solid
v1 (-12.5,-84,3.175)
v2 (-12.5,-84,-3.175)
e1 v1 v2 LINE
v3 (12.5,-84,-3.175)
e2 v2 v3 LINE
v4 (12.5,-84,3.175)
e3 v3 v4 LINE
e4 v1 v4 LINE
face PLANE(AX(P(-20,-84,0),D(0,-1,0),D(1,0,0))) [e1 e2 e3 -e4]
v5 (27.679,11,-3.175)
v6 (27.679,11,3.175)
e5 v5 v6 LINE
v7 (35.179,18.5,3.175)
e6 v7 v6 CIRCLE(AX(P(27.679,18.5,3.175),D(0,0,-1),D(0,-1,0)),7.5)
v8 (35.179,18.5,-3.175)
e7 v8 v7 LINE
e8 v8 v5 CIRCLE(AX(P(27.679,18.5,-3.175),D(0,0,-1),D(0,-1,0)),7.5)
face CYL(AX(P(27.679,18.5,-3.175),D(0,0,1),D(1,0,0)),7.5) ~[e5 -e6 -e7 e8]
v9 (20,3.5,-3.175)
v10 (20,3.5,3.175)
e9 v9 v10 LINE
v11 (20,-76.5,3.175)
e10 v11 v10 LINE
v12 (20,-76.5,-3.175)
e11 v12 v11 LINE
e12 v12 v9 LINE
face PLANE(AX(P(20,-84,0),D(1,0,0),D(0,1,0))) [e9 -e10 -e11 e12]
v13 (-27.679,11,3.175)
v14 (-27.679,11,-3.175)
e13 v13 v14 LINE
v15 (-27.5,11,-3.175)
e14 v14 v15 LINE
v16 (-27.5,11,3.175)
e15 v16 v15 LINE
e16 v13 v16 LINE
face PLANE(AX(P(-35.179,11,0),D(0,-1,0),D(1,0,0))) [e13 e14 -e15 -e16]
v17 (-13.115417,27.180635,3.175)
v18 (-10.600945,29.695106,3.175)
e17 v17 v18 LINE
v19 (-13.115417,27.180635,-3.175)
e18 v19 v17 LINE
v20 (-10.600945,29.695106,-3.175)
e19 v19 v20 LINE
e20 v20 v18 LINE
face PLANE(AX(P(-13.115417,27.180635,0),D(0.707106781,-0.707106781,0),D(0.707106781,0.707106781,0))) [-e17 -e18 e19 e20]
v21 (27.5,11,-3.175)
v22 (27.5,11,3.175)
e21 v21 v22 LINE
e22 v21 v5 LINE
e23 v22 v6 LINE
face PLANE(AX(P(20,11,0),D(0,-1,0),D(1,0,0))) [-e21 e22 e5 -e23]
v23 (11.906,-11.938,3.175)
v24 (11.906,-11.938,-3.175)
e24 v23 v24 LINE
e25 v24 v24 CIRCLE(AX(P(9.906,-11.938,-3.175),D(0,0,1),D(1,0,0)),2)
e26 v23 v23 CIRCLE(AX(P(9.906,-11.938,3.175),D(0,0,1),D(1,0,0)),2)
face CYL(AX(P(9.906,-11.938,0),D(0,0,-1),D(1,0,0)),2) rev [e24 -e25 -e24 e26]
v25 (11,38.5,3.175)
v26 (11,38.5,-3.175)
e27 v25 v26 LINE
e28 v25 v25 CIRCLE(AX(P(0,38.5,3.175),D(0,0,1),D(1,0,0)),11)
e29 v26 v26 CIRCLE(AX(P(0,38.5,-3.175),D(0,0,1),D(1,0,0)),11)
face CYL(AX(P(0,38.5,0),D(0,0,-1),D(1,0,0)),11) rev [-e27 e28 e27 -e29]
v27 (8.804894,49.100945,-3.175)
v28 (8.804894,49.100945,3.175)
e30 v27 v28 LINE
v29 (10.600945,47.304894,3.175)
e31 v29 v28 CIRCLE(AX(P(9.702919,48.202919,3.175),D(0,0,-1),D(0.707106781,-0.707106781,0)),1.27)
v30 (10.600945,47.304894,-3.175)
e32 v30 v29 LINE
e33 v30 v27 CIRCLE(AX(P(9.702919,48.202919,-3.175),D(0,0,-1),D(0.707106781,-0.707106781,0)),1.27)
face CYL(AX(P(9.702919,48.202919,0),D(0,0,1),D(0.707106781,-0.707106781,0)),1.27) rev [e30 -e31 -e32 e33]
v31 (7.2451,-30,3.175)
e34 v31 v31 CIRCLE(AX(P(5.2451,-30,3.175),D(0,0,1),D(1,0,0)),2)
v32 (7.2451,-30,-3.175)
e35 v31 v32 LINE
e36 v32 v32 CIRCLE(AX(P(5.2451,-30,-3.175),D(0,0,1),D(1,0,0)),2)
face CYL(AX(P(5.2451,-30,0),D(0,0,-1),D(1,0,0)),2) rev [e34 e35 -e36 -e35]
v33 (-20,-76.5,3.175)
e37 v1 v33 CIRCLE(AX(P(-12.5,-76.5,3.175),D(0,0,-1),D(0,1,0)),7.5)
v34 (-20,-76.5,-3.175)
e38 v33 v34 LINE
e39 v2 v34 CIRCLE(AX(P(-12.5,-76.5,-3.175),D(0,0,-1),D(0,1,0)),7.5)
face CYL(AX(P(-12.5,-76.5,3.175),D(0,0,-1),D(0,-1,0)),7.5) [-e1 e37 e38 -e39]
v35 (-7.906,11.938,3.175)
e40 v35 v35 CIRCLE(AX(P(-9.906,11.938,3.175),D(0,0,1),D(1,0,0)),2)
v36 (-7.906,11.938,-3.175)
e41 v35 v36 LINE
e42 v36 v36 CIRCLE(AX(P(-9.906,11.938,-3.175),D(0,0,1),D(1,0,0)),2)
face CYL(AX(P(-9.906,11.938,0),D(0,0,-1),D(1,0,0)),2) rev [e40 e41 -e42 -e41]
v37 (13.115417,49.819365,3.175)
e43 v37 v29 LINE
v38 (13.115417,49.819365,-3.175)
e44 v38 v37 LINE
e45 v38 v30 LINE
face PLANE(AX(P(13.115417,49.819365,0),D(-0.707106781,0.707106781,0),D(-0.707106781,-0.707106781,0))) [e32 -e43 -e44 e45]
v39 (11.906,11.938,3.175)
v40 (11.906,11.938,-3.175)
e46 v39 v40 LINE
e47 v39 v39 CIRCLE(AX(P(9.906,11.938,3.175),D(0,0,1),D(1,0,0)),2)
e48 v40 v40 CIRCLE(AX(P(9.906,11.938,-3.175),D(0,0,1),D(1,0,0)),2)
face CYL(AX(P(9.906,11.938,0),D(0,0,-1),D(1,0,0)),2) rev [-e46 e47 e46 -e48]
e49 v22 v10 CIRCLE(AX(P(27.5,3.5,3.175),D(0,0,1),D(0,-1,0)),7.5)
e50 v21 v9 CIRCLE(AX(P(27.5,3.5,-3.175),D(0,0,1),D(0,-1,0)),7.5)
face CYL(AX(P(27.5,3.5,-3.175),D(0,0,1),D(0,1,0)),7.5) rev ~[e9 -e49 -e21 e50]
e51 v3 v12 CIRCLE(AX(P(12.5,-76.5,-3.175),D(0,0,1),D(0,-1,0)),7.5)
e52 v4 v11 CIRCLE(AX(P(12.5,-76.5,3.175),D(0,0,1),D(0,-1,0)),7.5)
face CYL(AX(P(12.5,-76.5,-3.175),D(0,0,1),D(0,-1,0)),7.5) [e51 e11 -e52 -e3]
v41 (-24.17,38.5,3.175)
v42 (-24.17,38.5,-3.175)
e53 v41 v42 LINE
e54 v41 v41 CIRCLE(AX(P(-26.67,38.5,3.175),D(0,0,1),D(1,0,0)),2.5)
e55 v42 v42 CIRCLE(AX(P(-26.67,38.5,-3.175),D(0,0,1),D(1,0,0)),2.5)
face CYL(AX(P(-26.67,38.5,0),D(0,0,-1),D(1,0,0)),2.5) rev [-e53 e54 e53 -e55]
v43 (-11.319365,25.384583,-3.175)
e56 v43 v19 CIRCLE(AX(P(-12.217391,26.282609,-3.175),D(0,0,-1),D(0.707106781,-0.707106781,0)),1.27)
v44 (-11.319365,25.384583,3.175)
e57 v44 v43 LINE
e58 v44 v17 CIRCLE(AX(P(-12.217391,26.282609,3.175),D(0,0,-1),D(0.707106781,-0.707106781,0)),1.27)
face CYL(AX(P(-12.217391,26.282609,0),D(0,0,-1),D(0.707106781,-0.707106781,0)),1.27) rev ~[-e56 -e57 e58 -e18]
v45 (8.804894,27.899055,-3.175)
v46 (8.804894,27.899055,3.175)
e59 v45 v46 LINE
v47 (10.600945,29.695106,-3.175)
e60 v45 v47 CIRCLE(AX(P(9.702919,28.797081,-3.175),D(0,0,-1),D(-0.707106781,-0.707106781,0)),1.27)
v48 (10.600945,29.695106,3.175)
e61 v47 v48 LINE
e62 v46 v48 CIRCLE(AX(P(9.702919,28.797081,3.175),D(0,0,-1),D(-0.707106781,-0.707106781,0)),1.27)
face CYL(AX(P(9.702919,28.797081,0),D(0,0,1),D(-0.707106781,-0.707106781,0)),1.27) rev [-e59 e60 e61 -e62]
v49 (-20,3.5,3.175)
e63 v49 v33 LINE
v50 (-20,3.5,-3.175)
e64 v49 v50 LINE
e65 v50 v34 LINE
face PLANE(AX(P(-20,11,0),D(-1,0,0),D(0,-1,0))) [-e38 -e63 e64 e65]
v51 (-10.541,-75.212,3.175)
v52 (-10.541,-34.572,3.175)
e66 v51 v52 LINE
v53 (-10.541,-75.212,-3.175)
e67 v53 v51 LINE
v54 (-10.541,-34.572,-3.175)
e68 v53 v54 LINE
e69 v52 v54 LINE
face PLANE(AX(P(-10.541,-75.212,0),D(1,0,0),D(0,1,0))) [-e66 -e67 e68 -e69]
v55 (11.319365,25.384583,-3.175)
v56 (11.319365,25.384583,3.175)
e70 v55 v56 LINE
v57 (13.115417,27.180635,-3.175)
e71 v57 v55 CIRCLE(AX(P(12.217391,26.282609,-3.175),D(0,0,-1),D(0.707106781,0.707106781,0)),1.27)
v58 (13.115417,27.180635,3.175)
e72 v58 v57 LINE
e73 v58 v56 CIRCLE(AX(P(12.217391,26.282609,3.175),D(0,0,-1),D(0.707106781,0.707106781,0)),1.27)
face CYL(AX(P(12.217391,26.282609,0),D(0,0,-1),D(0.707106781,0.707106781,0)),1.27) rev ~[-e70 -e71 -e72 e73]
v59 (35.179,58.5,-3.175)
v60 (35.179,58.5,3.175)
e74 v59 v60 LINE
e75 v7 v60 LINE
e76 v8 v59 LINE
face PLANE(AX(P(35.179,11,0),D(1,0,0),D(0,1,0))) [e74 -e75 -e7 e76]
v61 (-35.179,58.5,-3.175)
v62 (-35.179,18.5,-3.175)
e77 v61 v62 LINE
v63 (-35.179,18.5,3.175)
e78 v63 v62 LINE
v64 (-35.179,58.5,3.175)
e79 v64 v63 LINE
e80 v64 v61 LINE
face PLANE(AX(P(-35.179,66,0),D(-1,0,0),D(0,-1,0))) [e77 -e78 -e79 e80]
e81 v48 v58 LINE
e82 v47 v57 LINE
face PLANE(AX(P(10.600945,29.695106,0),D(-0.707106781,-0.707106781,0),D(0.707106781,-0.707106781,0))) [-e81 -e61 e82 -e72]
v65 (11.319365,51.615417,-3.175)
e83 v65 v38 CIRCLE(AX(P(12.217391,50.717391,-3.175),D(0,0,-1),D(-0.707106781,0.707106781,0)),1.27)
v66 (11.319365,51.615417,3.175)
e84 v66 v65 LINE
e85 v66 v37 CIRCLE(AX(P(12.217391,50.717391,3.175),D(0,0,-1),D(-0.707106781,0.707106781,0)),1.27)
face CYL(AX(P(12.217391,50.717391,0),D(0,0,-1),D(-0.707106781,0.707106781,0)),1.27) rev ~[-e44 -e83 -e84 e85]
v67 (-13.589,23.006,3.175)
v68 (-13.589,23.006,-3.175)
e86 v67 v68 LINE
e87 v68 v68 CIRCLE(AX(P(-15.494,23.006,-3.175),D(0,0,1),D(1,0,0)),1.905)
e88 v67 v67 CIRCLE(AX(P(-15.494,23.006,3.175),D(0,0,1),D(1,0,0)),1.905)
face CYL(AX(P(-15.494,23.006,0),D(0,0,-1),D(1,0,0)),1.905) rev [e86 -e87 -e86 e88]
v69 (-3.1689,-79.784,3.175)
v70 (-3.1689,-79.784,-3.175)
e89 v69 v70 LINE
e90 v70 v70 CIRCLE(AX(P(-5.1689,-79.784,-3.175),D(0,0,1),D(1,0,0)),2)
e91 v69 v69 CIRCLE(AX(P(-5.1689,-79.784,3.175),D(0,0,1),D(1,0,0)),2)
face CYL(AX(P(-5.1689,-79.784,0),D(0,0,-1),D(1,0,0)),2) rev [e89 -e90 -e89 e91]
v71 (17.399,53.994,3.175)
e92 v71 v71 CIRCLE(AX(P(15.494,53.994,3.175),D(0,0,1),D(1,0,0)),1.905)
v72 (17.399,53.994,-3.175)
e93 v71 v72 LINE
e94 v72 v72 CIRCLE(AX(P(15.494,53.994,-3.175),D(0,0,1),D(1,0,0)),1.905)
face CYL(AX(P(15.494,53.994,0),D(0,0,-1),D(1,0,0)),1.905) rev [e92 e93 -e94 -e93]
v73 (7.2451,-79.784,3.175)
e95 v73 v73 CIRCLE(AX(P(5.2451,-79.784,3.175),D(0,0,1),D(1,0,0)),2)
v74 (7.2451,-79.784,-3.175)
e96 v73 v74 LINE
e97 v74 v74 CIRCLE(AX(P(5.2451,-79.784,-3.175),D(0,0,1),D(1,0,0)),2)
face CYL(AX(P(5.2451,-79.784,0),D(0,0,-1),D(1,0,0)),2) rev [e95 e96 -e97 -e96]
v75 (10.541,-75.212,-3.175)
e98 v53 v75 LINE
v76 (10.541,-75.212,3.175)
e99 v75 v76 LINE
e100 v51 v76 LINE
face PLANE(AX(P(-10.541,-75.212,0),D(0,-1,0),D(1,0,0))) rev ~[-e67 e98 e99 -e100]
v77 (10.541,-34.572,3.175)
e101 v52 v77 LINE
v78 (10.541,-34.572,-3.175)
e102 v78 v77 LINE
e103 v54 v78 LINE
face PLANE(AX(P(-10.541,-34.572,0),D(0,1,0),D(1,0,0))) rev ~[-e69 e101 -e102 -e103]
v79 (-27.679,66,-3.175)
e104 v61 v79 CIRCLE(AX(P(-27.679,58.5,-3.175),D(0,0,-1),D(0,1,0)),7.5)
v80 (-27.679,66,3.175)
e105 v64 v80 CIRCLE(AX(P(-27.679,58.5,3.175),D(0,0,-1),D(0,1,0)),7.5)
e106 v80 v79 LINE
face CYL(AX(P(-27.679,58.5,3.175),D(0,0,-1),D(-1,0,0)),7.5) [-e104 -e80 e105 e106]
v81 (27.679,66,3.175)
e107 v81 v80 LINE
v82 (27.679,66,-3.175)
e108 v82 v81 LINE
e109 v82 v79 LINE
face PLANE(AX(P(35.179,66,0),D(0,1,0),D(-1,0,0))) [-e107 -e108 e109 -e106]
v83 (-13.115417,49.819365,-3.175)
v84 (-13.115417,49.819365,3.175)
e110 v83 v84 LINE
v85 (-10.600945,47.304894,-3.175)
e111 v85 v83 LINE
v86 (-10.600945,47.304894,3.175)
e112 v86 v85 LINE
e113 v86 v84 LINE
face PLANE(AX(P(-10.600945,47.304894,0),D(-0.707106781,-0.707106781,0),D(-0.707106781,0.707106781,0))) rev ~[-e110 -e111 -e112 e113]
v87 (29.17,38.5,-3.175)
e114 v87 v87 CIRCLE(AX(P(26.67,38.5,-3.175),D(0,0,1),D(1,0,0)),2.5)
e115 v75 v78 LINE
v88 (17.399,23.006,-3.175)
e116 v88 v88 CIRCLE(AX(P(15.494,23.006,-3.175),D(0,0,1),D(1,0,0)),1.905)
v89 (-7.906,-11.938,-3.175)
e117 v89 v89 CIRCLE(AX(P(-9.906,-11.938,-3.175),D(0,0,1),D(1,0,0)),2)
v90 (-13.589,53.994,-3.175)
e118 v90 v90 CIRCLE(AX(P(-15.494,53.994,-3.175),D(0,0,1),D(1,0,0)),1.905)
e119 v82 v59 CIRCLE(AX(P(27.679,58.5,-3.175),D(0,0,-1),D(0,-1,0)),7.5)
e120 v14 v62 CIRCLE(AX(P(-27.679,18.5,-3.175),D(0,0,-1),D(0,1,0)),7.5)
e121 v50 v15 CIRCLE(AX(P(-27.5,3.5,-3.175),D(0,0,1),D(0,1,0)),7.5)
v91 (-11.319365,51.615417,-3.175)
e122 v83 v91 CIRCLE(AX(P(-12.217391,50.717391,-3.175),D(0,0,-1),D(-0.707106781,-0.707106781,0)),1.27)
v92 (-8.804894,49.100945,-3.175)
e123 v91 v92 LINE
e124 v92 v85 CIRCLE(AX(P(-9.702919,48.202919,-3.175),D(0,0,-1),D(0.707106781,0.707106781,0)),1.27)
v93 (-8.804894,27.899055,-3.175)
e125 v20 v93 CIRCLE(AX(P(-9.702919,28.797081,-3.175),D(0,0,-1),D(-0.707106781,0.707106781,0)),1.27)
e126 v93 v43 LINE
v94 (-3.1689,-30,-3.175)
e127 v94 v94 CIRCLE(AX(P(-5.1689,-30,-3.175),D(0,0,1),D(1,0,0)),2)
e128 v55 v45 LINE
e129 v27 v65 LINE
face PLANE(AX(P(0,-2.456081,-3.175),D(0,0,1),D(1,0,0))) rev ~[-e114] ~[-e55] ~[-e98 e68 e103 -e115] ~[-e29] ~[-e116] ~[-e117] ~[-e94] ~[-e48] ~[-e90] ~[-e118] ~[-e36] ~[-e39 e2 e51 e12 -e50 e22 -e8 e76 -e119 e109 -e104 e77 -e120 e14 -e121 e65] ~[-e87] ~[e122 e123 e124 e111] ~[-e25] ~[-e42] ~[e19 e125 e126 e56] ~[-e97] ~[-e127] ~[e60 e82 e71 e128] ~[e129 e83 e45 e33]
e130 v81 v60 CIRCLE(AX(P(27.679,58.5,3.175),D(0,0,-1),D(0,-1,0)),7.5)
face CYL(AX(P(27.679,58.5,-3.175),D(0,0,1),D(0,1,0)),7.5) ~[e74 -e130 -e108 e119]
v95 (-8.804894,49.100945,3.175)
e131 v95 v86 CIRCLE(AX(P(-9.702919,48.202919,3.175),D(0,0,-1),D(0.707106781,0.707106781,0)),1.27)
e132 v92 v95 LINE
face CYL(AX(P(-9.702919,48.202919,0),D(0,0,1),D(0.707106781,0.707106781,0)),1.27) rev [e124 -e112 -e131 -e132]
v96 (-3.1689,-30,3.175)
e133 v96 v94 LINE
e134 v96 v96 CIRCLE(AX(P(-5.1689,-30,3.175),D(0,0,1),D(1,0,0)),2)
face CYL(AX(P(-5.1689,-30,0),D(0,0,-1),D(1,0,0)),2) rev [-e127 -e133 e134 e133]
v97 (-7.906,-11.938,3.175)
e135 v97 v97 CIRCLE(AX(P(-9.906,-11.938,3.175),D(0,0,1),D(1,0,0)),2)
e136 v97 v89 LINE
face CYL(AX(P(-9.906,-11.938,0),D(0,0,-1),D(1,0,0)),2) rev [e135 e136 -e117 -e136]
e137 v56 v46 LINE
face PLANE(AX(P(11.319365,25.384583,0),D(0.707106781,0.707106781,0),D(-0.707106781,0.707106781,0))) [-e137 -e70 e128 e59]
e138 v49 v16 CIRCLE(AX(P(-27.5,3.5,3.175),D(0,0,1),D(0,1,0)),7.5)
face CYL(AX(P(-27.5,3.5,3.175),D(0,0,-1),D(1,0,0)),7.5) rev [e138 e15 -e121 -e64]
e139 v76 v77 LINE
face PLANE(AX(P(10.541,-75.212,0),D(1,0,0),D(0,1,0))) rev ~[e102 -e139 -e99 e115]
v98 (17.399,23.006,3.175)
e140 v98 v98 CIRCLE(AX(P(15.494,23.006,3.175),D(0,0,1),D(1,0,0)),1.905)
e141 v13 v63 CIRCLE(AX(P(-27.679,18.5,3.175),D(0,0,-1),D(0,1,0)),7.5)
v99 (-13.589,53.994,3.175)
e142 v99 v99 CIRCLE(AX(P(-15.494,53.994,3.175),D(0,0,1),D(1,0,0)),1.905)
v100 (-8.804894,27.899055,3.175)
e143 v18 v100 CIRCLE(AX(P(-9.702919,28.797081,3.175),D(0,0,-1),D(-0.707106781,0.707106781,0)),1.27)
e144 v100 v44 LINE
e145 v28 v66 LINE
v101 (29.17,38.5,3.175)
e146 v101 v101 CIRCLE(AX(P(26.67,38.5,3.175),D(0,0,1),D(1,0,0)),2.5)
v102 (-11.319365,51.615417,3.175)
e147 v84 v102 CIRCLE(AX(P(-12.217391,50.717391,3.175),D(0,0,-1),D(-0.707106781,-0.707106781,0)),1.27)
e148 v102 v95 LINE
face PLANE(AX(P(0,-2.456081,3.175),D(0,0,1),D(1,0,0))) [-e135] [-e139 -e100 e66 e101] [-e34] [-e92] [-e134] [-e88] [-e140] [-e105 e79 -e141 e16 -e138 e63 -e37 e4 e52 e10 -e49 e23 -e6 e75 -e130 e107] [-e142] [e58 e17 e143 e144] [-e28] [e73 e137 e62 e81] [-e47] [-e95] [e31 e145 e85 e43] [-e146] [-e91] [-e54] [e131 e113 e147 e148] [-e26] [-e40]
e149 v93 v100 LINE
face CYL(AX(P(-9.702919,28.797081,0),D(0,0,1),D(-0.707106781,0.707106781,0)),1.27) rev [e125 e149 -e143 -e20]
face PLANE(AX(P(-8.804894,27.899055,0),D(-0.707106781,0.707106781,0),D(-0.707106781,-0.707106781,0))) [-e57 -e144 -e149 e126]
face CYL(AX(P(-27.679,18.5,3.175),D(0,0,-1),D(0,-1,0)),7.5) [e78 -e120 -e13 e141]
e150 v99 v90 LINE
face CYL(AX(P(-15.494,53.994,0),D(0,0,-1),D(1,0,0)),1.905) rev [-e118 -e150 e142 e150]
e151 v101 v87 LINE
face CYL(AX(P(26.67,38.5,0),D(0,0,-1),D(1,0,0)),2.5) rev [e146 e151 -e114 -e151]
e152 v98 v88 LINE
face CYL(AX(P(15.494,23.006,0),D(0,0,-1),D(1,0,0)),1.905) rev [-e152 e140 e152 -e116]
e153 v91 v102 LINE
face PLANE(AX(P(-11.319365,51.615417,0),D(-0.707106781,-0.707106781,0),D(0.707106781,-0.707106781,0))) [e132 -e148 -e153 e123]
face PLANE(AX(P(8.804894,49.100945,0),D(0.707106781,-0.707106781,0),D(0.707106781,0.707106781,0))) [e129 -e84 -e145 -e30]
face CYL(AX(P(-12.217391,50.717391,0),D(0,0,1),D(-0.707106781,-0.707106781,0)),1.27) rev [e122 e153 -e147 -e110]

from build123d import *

# Parameters (mm, degrees)
SKETCH1_R           = 2
SKETCH1_R_2         = 11
SKETCH1_R_3         = 1.905
SKETCH1_R_4         = 2.5
SKETCH1_W           = 21.082
SKETCH1_H           = 40.64
BOSS_EXTRUDE1_DEPTH = 3.175
FILLET1_R           = 7.5


with BuildPart() as part:
    # Sketch1 → Boss-Extrude1 (new, symmetric)
    with BuildSketch(Plane.XY):
        Polygon((-20, -84), (20, -84), (20, 11), (35.179, 11), (35.179, 66), (-35.179, 66), (-35.179, 11), (-20, 11), align=None)
        with Locations((9.906, 11.938)):
            Circle(SKETCH1_R, mode=Mode.SUBTRACT)
        with Locations((-9.906, 11.938)):
            Circle(SKETCH1_R, mode=Mode.SUBTRACT)
        with Locations((-9.906, -11.938)):
            Circle(SKETCH1_R, mode=Mode.SUBTRACT)
        with Locations((9.906, -11.938)):
            Circle(SKETCH1_R, mode=Mode.SUBTRACT)
        with Locations((0, 38.5)):
            Circle(SKETCH1_R_2, mode=Mode.SUBTRACT)
        with Locations((15.494, 53.994)):
            Circle(SKETCH1_R_3, mode=Mode.SUBTRACT)
        with Locations((-5.1689, -30)):
            Circle(SKETCH1_R, mode=Mode.SUBTRACT)
        with Locations((5.2451, -30)):
            Circle(SKETCH1_R, mode=Mode.SUBTRACT)
        with Locations((5.2451, -79.784)):
            Circle(SKETCH1_R, mode=Mode.SUBTRACT)
        with Locations((-5.1689, -79.784)):
            Circle(SKETCH1_R, mode=Mode.SUBTRACT)
        with Locations((-26.67, 38.5)):
            Circle(SKETCH1_R_4, mode=Mode.SUBTRACT)
        with Locations((26.67, 38.5)):
            Circle(SKETCH1_R_4, mode=Mode.SUBTRACT)
        with Locations((15.494, 23.006)):
            Circle(SKETCH1_R_3, mode=Mode.SUBTRACT)
        with Locations((-15.494, 23.006)):
            Circle(SKETCH1_R_3, mode=Mode.SUBTRACT)
        with Locations((-15.494, 53.994)):
            Circle(SKETCH1_R_3, mode=Mode.SUBTRACT)
        with BuildLine():
            Line((8.804893639, 49.100944864), (11.319365353, 51.615416577))
            ThreePointArc((11.319365353, 51.615416577), (13.115416577, 51.615416577), (13.115416577, 49.819365353))
            Line((13.115416577, 49.819365353), (10.600944864, 47.304893639))
            ThreePointArc((10.600944864, 47.304893639), (8.804893639, 47.304893639), (8.804893639, 49.100944864))
        make_face(mode=Mode.SUBTRACT)
        with Locations((0, -54.892)):
            Rectangle(SKETCH1_W, SKETCH1_H, mode=Mode.SUBTRACT)
        with BuildLine():
            Line((10.600944864, 29.695106361), (13.115416577, 27.180634647))
            ThreePointArc((13.115416577, 27.180634647), (13.115416577, 25.384583423), (11.319365353, 25.384583423))
            Line((11.319365353, 25.384583423), (8.804893639, 27.899055136))
            ThreePointArc((8.804893639, 27.899055136), (8.804893639, 29.695106361), (10.600944864, 29.695106361))
        make_face(mode=Mode.SUBTRACT)
        with BuildLine():
            Line((-8.804893639, 27.899055136), (-11.319365353, 25.384583423))
            ThreePointArc((-11.319365353, 25.384583423), (-13.115416577, 25.384583423), (-13.115416577, 27.180634647))
            Line((-13.115416577, 27.180634647), (-10.600944864, 29.695106361))
            ThreePointArc((-10.600944864, 29.695106361), (-8.804893639, 29.695106361), (-8.804893639, 27.899055136))
        make_face(mode=Mode.SUBTRACT)
        with BuildLine():
            Line((-10.600944864, 47.304893639), (-13.115416577, 49.819365353))
            ThreePointArc((-13.115416577, 49.819365353), (-13.115416577, 51.615416577), (-11.319365353, 51.615416577))
            Line((-11.319365353, 51.615416577), (-8.804893639, 49.100944864))
            ThreePointArc((-8.804893639, 49.100944864), (-8.804893639, 47.304893639), (-10.600944864, 47.304893639))
        make_face(mode=Mode.SUBTRACT)
    extrude(amount=BOSS_EXTRUDE1_DEPTH, both=True)

    # Fillet1
    fillet1_edges = [part.edges().sort_by_distance(p)[0] for p in [
        (20, -84, 0),
        (-20, -84, 0),
        (-20, 11, 0),
        (-35.179, 11, 0),
        (-35.179, 66, 0),
        (35.179, 66, 0),
        (35.179, 11, 0),
        (20, 11, 0),
    ]]
    fillet(fillet1_edges, radius=FILLET1_R)


solid = part.part
